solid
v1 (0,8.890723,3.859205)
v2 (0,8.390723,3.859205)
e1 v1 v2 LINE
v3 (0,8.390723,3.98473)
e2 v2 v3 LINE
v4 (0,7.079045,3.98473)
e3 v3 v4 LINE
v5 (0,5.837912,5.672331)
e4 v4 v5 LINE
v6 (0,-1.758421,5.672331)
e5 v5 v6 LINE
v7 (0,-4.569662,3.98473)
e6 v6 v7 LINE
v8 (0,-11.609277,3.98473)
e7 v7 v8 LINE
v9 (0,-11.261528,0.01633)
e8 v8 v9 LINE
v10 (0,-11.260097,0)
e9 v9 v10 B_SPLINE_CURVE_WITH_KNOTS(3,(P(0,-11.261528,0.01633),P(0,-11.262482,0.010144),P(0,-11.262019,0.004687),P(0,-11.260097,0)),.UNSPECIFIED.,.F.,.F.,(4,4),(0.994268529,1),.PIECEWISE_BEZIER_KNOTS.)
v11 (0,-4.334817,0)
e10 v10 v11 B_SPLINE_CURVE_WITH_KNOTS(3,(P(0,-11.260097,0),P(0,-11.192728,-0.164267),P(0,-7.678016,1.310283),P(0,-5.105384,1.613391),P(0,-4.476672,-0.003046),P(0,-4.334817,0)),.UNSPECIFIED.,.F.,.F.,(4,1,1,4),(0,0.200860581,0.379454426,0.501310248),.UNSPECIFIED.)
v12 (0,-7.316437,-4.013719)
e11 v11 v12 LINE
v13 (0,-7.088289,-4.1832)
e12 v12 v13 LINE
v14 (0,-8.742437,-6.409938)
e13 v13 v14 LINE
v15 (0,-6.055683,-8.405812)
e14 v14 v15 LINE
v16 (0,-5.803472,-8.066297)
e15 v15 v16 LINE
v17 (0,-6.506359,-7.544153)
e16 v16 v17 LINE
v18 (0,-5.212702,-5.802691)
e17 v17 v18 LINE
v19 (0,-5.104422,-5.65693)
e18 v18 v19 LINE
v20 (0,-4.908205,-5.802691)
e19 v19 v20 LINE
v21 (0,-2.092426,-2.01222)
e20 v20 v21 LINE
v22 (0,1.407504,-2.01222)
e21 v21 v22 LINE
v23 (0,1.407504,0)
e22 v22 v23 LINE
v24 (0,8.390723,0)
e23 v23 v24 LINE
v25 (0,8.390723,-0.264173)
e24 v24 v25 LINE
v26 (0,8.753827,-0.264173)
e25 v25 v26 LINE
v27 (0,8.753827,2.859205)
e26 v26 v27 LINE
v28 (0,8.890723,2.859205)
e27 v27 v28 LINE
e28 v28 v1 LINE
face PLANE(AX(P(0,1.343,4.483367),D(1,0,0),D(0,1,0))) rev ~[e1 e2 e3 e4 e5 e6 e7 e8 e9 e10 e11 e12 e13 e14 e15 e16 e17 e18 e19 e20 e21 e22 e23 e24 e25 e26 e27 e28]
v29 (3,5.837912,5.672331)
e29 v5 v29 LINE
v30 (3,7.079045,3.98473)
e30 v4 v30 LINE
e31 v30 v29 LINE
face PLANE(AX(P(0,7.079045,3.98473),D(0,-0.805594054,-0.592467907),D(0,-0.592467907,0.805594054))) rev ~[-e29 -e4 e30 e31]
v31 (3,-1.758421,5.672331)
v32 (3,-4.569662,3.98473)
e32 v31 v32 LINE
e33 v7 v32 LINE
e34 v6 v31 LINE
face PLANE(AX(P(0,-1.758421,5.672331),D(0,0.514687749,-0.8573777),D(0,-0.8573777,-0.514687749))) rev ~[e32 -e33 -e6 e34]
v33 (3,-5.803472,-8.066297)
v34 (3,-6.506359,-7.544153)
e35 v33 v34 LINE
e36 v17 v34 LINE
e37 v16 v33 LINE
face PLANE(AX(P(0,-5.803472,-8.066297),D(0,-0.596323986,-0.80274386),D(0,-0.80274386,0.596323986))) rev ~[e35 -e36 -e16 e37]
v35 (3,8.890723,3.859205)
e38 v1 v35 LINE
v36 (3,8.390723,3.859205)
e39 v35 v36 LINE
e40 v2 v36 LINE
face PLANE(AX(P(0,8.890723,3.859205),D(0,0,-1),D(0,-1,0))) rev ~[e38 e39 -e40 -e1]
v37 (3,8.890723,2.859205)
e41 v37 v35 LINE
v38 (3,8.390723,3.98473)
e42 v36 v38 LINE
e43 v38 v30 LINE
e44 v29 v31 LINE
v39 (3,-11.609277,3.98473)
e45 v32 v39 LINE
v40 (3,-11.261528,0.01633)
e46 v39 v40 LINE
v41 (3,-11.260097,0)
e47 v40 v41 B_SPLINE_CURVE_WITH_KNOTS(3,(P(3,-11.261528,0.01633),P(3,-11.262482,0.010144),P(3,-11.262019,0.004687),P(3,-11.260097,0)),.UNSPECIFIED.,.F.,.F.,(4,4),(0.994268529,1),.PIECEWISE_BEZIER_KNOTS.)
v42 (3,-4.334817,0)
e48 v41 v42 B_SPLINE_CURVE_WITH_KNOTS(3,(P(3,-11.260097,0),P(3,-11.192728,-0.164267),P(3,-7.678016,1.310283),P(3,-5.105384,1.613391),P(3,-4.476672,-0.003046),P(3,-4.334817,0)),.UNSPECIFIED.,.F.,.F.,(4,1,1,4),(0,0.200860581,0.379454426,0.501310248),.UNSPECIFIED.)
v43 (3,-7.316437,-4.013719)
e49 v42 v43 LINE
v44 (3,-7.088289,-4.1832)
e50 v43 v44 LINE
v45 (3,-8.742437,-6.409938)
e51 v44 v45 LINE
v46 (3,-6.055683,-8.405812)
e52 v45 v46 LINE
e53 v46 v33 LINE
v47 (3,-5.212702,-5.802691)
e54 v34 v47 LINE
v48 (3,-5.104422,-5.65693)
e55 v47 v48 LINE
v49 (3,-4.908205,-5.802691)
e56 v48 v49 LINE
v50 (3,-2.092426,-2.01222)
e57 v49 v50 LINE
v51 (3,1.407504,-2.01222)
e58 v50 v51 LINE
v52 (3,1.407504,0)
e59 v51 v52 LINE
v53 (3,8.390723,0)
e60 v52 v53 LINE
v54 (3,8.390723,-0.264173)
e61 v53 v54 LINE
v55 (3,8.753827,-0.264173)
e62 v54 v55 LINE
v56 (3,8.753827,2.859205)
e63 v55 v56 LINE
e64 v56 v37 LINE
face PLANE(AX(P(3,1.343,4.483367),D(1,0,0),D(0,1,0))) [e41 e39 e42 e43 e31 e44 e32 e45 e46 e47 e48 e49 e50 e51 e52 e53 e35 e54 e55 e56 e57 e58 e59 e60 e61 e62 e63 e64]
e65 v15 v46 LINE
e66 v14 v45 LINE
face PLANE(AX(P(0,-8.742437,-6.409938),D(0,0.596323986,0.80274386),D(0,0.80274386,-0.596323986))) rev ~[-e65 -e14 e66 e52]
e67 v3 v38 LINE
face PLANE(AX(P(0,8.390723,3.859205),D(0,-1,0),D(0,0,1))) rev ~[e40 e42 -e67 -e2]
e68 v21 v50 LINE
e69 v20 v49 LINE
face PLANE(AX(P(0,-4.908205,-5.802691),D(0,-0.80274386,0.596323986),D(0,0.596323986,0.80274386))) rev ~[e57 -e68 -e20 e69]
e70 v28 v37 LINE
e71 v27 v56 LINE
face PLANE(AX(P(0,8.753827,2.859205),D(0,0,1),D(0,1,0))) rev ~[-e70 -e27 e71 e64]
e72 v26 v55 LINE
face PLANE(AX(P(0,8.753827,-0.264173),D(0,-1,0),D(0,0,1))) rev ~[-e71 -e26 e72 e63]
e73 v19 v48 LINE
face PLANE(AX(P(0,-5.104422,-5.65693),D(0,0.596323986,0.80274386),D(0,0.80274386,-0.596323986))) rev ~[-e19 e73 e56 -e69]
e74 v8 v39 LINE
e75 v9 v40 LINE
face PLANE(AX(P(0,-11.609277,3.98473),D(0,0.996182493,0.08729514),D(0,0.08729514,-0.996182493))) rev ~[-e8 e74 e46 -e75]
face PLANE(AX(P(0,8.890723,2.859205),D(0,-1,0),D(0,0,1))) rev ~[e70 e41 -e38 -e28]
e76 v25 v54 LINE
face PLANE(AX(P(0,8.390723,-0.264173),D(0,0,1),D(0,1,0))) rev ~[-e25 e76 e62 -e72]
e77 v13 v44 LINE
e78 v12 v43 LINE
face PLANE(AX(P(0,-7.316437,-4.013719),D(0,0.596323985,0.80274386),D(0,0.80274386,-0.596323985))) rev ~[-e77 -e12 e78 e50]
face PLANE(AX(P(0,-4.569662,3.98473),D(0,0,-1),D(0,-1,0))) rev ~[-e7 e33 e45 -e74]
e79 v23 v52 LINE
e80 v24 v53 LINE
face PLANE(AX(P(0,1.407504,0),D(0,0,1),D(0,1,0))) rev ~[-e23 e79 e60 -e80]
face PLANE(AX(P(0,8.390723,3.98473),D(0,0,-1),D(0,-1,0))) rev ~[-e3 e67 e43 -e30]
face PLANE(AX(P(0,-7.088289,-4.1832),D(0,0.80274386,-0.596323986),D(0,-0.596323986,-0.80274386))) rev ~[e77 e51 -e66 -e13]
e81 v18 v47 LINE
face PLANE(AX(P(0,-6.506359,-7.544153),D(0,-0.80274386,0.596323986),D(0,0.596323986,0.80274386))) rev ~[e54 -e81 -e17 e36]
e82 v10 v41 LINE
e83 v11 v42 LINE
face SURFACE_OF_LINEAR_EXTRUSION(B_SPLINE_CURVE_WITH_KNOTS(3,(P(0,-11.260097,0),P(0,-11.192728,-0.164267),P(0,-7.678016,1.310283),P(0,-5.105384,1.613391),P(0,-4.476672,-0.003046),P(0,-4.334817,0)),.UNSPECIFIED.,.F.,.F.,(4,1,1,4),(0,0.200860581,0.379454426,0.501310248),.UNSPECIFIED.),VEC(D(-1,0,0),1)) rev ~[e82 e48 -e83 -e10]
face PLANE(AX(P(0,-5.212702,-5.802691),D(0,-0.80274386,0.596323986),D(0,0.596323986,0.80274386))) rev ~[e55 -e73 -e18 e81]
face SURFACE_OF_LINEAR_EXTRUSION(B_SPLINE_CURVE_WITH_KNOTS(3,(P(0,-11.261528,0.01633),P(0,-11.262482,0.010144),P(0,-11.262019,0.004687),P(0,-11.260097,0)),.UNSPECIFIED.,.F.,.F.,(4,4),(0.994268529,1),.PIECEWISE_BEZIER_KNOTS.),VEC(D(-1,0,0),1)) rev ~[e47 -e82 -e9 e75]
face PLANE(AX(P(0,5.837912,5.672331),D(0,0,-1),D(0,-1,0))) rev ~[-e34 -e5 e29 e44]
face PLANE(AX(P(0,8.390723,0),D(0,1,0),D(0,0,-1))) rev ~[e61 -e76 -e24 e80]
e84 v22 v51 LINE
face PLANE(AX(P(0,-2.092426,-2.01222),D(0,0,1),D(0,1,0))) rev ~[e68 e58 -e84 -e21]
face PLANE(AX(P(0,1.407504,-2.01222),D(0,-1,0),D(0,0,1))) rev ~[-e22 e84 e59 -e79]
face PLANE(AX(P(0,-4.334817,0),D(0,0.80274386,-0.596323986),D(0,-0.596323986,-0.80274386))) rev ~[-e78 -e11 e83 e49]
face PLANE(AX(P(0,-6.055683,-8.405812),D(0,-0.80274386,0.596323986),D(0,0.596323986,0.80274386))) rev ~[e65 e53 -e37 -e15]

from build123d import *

# Parameters (mm, degrees)
F0_W     = 1.4742847998
F0_H     = 0.57333312
F1_DEPTH = 3


with BuildPart() as f1:
    # F0 (on Right) → F1 (new body)
    with BuildSketch(Plane.YZ):
        Polygon((-1.698607346, 5.1340078935), (-3.5528303124, 3.9847299703), (6.1070728116, 3.9847299703), (5.2846358158, 5.1340078935), align=None)
        Polygon((-5.1044222186, -5.6569299984), (-7.0882889776, -4.1832004662), (-8.7424367098, -6.4099378889), (-6.0556829391, -8.405812037), (-5.803471937, -8.0662972126), (-6.5063589486, -7.5441525967), (-5.2127020048, -5.802691255), align=None)
        with BuildLine():
            add(Edge.make_bspline(
                [(-4.3348167851, 0), (-4.2364423195, 0.0021123489), (-4.0882030321, 1.0772470307), (-7.4961711299, 2.5695337679), (-11.226912982, 0.2408694151), (-11.2615279291, 0.0163302465)],
                knots=[0.5013102478, 0.5013102478, 0.5013102478, 0.5013102478, 0.585815324, 0.7862412136, 0.994268529, 0.994268529, 0.994268529, 0.994268529], degree=3))
            Line((-4.3348167851, 0), (-7.3164367133, -4.0137192981))
            Line((-7.3164367133, -4.0137192981), (-7.0882889776, -4.1832004662))
            Line((-7.0882889776, -4.1832004662), (-5.1044222186, -5.6569299984))
            Line((-5.1044222186, -5.6569299984), (-4.9082051344, -5.802691255))
            Line((-4.9082051344, -5.802691255), (-2.092426241, -2.0122195128))
            Line((-2.092426241, -2.0122195128), (-0.597634664, 0))
            Line((-0.597634664, 0), (0, 0))
            Line((0, 0), (1.4075040817, 0))
            Line((1.4075040817, 0), (8.3907225245, 0))
            Line((8.3907225245, 0), (8.3907225245, 0.9692034218))
            Line((8.3907225245, 0.9692034218), (8.3907225245, 1.0505842511))
            Line((8.3907225245, 1.0505842511), (8.3907225245, 1.5770063037))
            Line((8.3907225245, 1.5770063037), (8.3907225245, 1.6386022326))
            Line((8.3907225245, 1.6386022326), (8.3907225245, 1.9692034218))
            Line((8.3907225245, 1.9692034218), (8.3907225245, 2.0505842511))
            Line((8.3907225245, 2.0505842511), (8.3907225245, 2.8592045419))
            Line((8.3907225245, 2.8592045419), (8.3907225245, 3.8592045419))
            Line((8.3907225245, 3.8592045419), (8.3907225245, 3.9847299703))
            Line((8.3907225245, 3.9847299703), (7.0790452883, 3.9847299703))
            Line((7.0790452883, 3.9847299703), (6.1070728116, 3.9847299703))
            Line((6.1070728116, 3.9847299703), (-3.5528303124, 3.9847299703))
            Line((-3.5528303124, 3.9847299703), (-4.5696622692, 3.9847299703))
            Line((-4.5696622692, 3.9847299703), (-11.6092774755, 3.9847299703))
            Line((-11.6092774755, 3.9847299703), (-11.2615279291, 0.0163302465))
        make_face()
        with Locations((2.736096154, 3.1992363511)):
            Rectangle(F0_W, F0_H, mode=Mode.SUBTRACT)
        with BuildLine():
            add(Edge.make_bspline(
                [(-11.2600969151, 0), (-11.1927277959, -0.1642668183), (-7.6780162659, 1.3102828545), (-5.1053837747, 1.6133906858), (-4.4766721842, -0.0030459947), (-4.3348167851, 0)],
                knots=[0, 0, 0, 0, 0.2008605807, 0.3794544265, 0.5013102478, 0.5013102478, 0.5013102478, 0.5013102478], degree=3))
            add(Edge.make_bspline(
                [(-4.3348167851, 0), (-4.2364423195, 0.0021123489), (-4.0882030321, 1.0772470307), (-7.4961711299, 2.5695337679), (-11.226912982, 0.2408694151), (-11.2615279291, 0.0163302465)],
                knots=[0.5013102478, 0.5013102478, 0.5013102478, 0.5013102478, 0.585815324, 0.7862412136, 0.994268529, 0.994268529, 0.994268529, 0.994268529], degree=3))
            Line((-11.2615279291, 0.0163302465), (-11.2600969151, 0))
        make_face()
        Polygon((-1.7584209563, 5.6723309681), (-4.5696622692, 3.9847299703), (-3.5528303124, 3.9847299703), (-1.698607346, 5.1340078935), (5.2846358158, 5.1340078935), (6.1070728116, 3.9847299703), (7.0790452883, 3.9847299703), (5.8379122056, 5.6723309681), align=None)
        Polygon((-0.597634664, 0), (-2.092426241, -2.0122195128), (0, -2.0122195128), align=None)
        Polygon((1.4075040817, 0), (0, 0), (0.5328019033, -2.0122195128), (1.4075040817, -2.0122195128), align=None)
        with BuildLine():
            add(Edge.make_bspline(
                [(-11.2615279291, 0.0163302465), (-11.2624816239, 0.0101438486), (-11.2620192642, 0.0046872836), (-11.2600969151, 0)],
                knots=[0.994268529, 0.994268529, 0.994268529, 0.994268529, 1, 1, 1, 1], degree=3))
            Line((-11.2600969151, 0), (-11.2615279291, 0.0163302465))
        make_face()
        with Locations((2.736096154, 3.1992363511)):
            Rectangle(F0_W, F0_H)
        Polygon((0, 0), (-0.597634664, 0), (0, -2.0122195128), (0.5328019033, -2.0122195128), align=None)
        Polygon((8.8907225245, 3.8592045419), (8.3907225245, 3.8592045419), (8.3907225245, 2.8592045419), (8.7538268417, 2.8592045419), (8.8907225245, 2.8592045419), align=None)
        Polygon((8.3907225245, 0.9692034218), (8.3907225245, 0), (8.3907225245, -0.2641734027), (8.7538268417, -0.2641734027), (8.7538268417, 2.8592045419), (8.3907225245, 2.8592045419), (8.3907225245, 2.0505842511), (8.3907225245, 1.9692034218), (8.3907225245, 1.6386022326), (8.3907225245, 1.5770063037), (8.3907225245, 1.0505842511), align=None)
    extrude(amount=F1_DEPTH)


solid = f1.part
